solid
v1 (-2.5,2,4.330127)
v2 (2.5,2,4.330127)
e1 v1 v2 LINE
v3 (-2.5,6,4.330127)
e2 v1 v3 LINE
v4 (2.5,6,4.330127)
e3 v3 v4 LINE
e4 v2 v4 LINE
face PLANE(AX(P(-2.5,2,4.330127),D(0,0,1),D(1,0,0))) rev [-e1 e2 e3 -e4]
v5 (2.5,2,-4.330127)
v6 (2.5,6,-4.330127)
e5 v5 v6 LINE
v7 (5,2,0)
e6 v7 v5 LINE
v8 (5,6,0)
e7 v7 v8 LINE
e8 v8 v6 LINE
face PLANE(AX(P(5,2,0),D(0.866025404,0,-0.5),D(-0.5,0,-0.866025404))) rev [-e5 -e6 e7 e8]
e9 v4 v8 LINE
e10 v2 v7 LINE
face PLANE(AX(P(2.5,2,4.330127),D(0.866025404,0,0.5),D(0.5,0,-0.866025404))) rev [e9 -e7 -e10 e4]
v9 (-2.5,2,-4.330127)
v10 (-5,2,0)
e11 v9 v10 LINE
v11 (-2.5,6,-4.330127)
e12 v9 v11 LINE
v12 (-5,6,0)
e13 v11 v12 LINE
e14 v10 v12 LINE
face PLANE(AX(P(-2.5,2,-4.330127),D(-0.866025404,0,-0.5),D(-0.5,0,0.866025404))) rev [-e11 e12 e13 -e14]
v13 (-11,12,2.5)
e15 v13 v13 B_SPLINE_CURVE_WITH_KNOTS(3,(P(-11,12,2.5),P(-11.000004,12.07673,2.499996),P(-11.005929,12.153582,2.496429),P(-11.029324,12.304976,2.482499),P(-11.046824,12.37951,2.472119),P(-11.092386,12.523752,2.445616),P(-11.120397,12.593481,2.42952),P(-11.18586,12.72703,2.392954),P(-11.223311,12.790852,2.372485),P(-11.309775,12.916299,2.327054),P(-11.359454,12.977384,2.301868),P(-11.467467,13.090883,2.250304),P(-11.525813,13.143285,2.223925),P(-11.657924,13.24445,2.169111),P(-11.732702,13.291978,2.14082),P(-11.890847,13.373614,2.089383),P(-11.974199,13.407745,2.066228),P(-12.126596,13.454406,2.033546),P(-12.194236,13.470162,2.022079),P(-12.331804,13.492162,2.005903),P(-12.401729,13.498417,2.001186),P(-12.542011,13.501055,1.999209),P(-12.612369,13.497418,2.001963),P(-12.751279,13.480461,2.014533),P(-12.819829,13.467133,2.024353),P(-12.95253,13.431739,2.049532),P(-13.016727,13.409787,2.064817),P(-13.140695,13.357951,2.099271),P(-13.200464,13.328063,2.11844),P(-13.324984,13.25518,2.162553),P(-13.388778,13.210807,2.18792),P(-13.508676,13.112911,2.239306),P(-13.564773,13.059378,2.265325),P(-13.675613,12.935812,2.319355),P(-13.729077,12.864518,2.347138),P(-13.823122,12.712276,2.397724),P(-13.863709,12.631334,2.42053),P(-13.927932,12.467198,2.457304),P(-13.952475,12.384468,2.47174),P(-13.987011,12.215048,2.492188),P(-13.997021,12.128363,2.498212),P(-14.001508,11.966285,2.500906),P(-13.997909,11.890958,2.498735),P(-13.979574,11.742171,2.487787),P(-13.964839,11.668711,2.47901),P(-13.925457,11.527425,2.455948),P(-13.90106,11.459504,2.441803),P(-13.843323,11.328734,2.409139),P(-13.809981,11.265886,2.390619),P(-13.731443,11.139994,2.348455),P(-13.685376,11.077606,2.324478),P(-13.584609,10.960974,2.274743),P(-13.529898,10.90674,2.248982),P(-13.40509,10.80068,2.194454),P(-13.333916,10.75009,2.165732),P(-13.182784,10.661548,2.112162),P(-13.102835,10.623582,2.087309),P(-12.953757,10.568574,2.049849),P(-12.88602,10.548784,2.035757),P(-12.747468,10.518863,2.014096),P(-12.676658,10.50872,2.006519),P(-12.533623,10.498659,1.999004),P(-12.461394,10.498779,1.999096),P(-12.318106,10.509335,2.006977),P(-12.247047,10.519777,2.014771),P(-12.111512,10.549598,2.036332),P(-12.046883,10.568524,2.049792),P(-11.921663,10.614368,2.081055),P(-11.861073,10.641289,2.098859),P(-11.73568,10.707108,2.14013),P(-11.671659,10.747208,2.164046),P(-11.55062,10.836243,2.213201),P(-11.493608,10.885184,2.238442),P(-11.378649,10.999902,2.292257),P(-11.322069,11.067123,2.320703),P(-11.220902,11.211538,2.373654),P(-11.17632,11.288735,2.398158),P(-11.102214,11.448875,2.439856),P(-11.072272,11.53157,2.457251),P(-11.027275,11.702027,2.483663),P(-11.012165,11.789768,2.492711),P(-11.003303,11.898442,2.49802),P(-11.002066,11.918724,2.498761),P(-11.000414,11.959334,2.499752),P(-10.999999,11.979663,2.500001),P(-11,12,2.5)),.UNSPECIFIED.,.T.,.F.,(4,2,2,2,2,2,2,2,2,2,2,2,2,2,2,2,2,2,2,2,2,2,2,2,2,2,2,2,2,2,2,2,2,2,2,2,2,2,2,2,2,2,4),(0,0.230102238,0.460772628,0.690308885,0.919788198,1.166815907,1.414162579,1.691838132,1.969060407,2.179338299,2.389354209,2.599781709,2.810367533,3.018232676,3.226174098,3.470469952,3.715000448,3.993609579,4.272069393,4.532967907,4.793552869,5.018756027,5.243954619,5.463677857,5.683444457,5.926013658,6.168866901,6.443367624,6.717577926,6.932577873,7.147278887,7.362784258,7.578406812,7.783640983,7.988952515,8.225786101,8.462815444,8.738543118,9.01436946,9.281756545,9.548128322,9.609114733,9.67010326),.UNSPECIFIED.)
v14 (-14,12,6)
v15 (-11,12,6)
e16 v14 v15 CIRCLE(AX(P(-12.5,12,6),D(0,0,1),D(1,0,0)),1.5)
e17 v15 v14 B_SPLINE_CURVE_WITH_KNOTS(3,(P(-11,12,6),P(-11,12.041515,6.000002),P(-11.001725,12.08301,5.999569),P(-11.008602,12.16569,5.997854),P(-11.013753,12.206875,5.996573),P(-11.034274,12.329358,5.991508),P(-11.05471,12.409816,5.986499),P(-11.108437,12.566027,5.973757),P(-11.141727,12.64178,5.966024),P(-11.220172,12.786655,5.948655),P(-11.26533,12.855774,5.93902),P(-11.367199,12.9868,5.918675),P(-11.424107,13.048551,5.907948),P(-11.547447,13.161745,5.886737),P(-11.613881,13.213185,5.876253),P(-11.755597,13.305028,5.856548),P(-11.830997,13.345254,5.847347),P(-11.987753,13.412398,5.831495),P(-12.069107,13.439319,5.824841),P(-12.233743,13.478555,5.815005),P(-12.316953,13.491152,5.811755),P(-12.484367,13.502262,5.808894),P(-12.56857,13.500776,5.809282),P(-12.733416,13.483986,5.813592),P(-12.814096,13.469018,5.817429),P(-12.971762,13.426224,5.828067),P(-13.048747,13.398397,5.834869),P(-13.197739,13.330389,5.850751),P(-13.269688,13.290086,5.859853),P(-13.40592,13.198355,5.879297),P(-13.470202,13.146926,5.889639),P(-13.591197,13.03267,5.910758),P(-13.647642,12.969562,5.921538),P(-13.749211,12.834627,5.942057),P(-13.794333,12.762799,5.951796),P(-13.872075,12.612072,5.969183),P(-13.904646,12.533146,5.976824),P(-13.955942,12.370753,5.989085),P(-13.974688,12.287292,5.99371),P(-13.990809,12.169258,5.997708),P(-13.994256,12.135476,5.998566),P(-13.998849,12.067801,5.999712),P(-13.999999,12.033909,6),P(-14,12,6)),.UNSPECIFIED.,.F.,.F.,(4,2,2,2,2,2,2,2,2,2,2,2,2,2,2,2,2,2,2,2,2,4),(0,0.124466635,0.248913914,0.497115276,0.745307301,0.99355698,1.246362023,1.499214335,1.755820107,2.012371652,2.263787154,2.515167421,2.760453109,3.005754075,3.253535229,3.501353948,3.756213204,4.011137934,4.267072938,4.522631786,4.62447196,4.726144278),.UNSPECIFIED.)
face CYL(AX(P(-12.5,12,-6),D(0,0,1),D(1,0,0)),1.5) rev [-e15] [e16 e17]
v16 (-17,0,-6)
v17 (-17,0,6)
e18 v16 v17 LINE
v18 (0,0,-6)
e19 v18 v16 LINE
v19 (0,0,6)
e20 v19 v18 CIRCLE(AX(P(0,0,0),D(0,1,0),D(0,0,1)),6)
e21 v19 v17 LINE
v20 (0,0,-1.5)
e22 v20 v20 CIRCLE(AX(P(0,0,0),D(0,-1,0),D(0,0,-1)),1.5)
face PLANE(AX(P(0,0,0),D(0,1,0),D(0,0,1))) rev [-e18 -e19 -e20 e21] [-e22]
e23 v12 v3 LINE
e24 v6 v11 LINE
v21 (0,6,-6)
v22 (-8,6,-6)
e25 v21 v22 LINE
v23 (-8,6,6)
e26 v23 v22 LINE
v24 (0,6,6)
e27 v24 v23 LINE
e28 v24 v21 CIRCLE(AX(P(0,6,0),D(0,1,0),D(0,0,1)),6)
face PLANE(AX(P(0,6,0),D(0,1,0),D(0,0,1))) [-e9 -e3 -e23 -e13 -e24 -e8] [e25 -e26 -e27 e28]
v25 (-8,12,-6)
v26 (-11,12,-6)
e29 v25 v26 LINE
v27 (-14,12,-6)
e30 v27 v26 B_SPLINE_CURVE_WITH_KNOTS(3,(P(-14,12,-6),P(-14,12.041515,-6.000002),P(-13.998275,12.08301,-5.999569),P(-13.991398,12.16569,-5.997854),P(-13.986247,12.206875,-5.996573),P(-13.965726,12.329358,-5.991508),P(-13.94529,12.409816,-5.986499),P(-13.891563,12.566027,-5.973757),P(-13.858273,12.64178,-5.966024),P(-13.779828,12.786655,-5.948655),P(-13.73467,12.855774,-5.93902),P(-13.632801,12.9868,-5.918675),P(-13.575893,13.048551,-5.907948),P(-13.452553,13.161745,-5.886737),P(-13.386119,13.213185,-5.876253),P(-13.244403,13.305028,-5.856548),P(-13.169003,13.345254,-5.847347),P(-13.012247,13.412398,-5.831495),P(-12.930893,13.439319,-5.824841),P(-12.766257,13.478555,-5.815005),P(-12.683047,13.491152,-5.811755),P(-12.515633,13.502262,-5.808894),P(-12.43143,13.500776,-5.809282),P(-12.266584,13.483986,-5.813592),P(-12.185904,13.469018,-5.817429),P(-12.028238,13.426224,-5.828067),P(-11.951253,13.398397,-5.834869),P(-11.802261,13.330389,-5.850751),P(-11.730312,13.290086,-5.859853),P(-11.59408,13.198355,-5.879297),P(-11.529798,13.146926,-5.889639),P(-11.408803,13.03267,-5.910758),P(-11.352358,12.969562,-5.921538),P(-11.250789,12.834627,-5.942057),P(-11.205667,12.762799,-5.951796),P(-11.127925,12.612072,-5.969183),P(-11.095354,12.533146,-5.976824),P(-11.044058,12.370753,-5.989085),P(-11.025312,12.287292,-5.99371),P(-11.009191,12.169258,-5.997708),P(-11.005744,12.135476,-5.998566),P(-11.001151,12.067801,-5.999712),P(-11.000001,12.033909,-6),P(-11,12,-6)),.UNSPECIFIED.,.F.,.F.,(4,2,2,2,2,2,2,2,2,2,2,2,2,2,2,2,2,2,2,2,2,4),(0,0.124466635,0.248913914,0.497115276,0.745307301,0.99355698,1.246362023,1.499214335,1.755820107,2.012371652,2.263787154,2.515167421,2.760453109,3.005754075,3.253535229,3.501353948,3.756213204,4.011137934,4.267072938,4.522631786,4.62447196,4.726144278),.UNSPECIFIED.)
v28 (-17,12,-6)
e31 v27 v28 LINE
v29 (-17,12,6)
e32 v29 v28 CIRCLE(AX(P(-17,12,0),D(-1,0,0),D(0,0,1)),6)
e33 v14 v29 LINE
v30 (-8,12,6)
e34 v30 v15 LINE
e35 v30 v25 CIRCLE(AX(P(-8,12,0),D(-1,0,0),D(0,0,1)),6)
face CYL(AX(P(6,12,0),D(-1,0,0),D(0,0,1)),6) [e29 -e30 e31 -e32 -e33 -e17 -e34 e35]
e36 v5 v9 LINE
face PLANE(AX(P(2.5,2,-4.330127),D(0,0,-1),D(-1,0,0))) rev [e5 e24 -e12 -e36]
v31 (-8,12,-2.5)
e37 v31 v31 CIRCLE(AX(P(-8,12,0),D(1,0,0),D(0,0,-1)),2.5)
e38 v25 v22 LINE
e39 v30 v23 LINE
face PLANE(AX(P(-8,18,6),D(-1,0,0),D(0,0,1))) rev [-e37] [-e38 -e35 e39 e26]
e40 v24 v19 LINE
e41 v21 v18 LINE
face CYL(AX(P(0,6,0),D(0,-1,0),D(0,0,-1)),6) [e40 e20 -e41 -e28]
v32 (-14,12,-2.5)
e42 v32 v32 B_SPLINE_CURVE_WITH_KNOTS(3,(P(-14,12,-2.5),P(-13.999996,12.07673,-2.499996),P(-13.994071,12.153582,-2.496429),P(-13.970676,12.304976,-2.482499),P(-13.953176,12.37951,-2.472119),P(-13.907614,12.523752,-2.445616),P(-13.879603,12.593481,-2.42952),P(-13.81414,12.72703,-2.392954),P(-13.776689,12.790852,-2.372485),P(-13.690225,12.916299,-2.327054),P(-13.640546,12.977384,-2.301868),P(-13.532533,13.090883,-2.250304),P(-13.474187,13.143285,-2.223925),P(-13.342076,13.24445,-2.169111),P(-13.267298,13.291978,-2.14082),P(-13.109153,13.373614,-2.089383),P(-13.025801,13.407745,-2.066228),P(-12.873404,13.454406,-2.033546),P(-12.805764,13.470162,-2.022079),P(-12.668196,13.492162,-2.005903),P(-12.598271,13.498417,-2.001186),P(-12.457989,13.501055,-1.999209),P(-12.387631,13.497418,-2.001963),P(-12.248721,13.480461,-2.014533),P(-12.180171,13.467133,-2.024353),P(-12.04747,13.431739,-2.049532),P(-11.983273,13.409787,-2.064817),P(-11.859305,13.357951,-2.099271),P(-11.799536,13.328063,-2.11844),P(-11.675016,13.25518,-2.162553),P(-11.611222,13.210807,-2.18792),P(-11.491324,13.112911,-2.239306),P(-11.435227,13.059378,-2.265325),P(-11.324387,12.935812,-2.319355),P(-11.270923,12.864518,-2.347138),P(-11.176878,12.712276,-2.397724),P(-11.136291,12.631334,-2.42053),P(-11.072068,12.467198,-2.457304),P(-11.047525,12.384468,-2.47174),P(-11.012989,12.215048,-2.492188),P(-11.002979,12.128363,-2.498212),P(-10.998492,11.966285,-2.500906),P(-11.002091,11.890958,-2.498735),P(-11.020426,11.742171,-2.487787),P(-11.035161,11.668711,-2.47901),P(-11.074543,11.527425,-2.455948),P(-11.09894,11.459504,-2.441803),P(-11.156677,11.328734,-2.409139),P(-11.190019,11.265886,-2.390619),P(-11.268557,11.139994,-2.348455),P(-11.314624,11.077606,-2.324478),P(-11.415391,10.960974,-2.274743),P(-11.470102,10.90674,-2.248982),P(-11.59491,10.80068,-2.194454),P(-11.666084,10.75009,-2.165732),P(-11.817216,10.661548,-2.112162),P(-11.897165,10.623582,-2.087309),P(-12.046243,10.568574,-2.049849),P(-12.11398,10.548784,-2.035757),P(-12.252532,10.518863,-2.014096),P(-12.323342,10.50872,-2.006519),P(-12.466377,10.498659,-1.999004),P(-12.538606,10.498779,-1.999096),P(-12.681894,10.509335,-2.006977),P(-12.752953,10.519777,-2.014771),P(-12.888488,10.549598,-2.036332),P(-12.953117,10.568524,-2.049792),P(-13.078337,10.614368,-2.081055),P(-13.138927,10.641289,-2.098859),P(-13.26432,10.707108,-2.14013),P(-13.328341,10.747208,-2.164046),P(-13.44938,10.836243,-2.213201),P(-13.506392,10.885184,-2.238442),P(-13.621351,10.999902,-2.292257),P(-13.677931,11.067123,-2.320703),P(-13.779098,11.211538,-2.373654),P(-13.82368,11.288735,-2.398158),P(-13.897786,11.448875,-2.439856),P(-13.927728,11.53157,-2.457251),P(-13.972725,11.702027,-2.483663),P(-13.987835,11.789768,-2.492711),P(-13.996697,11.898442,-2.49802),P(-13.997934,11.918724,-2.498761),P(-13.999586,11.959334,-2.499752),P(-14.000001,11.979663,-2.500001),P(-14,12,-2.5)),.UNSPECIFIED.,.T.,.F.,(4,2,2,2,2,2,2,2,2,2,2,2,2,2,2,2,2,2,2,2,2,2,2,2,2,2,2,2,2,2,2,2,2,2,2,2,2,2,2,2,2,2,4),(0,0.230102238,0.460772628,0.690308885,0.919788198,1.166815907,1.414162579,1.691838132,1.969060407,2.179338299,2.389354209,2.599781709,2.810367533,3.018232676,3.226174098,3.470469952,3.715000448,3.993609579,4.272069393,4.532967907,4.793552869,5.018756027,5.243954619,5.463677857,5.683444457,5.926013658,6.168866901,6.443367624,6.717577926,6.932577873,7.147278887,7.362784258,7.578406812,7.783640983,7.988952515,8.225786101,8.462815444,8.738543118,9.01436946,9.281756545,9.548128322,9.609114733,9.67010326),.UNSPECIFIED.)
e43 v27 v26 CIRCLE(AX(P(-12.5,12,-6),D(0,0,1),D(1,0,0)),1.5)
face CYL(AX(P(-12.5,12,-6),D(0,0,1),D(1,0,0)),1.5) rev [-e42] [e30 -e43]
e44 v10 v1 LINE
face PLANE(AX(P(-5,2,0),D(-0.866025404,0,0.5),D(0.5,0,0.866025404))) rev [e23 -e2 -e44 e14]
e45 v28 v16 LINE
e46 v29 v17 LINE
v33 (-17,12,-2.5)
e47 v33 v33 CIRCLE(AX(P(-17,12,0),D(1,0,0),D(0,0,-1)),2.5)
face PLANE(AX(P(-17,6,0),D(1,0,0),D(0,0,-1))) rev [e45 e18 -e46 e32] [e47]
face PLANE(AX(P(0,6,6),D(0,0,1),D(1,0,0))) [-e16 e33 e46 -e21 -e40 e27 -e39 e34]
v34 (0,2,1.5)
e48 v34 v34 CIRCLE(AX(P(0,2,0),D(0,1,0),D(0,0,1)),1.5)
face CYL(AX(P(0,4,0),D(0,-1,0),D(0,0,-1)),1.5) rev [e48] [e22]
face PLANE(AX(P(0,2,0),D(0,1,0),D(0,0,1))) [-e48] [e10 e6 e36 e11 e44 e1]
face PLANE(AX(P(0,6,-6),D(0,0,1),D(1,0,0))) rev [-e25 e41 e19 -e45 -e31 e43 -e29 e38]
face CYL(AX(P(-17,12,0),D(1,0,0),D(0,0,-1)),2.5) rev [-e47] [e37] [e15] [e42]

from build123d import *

# Parameters (mm, degrees)
EXTRUDE_1_DEPTH          = 6
CUT_EXTRUDE_1_DEPTH      = 4
SKETCH_3_R               = 1.5
CUT_EXTRUDE_2_DEPTH      = 4
SKETCH_5_W               = 9
SKETCH_5_H               = 12
EXTRUDE_2_DEPTH          = 12
CUT_EXTRUDE_3_DEPTH      = 30.816103032
SKETCH_9_R               = 2.5
CUT_EXTRUDE_6_DEPTH      = 24.579652245
CUT_EXTRUDE_7_DEPTH      = 26.475478406
CUT_EXTRUDE_7_DEPTH_BACK = 26.475478406
SKETCH_10_R              = 1.5


with BuildPart() as part:
    # 草图1 → 凸台-拉伸1 (new body)
    with BuildSketch(Plane(origin=(0, 0, 0), x_dir=(1, 0, 0), z_dir=(0, 1, 0))):
        with BuildLine():
            ThreePointArc((0, -6), (-6, 0), (0, 6))
            Line((0, 6), (-6, 6))
            Line((-6, 6), (-17, 6))
            Line((-17, 6), (-17, -6))
            Line((-17, -6), (0, -6))
        make_face()
        with BuildLine():
            Line((0, -6), (0, 0))
            Line((0, 0), (0, 6))
            ThreePointArc((0, 6), (-6, 0), (0, -6))
        make_face()
        with BuildLine():
            Line((0, 6), (0, 0))
            Line((0, 0), (0, -6))
            ThreePointArc((0, -6), (4.242640687, -4.242640687), (6, 0))
            ThreePointArc((6, 0), (4.242640687, 4.242640687), (0, 6))
        make_face()
    extrude(amount=EXTRUDE_1_DEPTH)

    # 草图2 → 切除-拉伸1 (cut)
    with BuildSketch(Plane(origin=(0, 6, 0), x_dir=(1, 0, 0), z_dir=(0, 1, 0))):
        Polygon((2.5, -4.330127019), (5, 0), (2.5, 4.330127019), (-2.5, 4.330127019), (-5, 0), (-2.5, -4.330127019), align=None)
    extrude(amount=-CUT_EXTRUDE_1_DEPTH, mode=Mode.SUBTRACT)

    # 草图3 → 切除-拉伸2 (cut)
    with BuildSketch(Plane.XZ):
        with Locations(Location((0, 0, 0), (0, 0, 270))):
            Circle(SKETCH_3_R)
    extrude(amount=-CUT_EXTRUDE_2_DEPTH, mode=Mode.SUBTRACT)

    # 草图5 → 凸台-拉伸2 (add)
    with BuildSketch(Plane(origin=(0, 6, 0), x_dir=(1, 0, 0), z_dir=(0, 1, 0))):
        with Locations((-12.5, 0)):
            Rectangle(SKETCH_5_W, SKETCH_5_H)
    extrude(amount=EXTRUDE_2_DEPTH)

    # 草图6 → 切除-拉伸3 (cut, through all)
    with BuildSketch(Plane.ZY.offset(17)):
        with BuildLine():
            Line((0, 18), (-6, 18))
            Line((-6, 18), (-6, 12))
            ThreePointArc((-6, 12), (-4.242640687, 16.242640687), (0, 18))
        make_face()
        with BuildLine():
            Line((6, 18), (0, 18))
            ThreePointArc((0, 18), (4.242640687, 16.242640687), (6, 12))
            Line((6, 12), (6, 18))
        make_face()
    extrude(amount=-CUT_EXTRUDE_3_DEPTH, mode=Mode.SUBTRACT)

    # 草图9 → 切除-拉伸6 (cut, through all)
    with BuildSketch(Plane(origin=(-8, 0, 0), x_dir=(0, 0, -1), z_dir=(1, 0, 0))):
        with Locations((0, 12)):
            Circle(SKETCH_9_R)
    extrude(amount=-CUT_EXTRUDE_6_DEPTH, mode=Mode.SUBTRACT)

    # 草图10 → 切除-拉伸7 (cut, two sides: drawn at the far end of the back side and taken through both)
    with BuildSketch(Plane.XY.offset(-CUT_EXTRUDE_7_DEPTH_BACK)):
        with Locations((-12.5, 12)):
            Circle(SKETCH_10_R)
    extrude(amount=CUT_EXTRUDE_7_DEPTH + CUT_EXTRUDE_7_DEPTH_BACK, mode=Mode.SUBTRACT)


solid = part.part
